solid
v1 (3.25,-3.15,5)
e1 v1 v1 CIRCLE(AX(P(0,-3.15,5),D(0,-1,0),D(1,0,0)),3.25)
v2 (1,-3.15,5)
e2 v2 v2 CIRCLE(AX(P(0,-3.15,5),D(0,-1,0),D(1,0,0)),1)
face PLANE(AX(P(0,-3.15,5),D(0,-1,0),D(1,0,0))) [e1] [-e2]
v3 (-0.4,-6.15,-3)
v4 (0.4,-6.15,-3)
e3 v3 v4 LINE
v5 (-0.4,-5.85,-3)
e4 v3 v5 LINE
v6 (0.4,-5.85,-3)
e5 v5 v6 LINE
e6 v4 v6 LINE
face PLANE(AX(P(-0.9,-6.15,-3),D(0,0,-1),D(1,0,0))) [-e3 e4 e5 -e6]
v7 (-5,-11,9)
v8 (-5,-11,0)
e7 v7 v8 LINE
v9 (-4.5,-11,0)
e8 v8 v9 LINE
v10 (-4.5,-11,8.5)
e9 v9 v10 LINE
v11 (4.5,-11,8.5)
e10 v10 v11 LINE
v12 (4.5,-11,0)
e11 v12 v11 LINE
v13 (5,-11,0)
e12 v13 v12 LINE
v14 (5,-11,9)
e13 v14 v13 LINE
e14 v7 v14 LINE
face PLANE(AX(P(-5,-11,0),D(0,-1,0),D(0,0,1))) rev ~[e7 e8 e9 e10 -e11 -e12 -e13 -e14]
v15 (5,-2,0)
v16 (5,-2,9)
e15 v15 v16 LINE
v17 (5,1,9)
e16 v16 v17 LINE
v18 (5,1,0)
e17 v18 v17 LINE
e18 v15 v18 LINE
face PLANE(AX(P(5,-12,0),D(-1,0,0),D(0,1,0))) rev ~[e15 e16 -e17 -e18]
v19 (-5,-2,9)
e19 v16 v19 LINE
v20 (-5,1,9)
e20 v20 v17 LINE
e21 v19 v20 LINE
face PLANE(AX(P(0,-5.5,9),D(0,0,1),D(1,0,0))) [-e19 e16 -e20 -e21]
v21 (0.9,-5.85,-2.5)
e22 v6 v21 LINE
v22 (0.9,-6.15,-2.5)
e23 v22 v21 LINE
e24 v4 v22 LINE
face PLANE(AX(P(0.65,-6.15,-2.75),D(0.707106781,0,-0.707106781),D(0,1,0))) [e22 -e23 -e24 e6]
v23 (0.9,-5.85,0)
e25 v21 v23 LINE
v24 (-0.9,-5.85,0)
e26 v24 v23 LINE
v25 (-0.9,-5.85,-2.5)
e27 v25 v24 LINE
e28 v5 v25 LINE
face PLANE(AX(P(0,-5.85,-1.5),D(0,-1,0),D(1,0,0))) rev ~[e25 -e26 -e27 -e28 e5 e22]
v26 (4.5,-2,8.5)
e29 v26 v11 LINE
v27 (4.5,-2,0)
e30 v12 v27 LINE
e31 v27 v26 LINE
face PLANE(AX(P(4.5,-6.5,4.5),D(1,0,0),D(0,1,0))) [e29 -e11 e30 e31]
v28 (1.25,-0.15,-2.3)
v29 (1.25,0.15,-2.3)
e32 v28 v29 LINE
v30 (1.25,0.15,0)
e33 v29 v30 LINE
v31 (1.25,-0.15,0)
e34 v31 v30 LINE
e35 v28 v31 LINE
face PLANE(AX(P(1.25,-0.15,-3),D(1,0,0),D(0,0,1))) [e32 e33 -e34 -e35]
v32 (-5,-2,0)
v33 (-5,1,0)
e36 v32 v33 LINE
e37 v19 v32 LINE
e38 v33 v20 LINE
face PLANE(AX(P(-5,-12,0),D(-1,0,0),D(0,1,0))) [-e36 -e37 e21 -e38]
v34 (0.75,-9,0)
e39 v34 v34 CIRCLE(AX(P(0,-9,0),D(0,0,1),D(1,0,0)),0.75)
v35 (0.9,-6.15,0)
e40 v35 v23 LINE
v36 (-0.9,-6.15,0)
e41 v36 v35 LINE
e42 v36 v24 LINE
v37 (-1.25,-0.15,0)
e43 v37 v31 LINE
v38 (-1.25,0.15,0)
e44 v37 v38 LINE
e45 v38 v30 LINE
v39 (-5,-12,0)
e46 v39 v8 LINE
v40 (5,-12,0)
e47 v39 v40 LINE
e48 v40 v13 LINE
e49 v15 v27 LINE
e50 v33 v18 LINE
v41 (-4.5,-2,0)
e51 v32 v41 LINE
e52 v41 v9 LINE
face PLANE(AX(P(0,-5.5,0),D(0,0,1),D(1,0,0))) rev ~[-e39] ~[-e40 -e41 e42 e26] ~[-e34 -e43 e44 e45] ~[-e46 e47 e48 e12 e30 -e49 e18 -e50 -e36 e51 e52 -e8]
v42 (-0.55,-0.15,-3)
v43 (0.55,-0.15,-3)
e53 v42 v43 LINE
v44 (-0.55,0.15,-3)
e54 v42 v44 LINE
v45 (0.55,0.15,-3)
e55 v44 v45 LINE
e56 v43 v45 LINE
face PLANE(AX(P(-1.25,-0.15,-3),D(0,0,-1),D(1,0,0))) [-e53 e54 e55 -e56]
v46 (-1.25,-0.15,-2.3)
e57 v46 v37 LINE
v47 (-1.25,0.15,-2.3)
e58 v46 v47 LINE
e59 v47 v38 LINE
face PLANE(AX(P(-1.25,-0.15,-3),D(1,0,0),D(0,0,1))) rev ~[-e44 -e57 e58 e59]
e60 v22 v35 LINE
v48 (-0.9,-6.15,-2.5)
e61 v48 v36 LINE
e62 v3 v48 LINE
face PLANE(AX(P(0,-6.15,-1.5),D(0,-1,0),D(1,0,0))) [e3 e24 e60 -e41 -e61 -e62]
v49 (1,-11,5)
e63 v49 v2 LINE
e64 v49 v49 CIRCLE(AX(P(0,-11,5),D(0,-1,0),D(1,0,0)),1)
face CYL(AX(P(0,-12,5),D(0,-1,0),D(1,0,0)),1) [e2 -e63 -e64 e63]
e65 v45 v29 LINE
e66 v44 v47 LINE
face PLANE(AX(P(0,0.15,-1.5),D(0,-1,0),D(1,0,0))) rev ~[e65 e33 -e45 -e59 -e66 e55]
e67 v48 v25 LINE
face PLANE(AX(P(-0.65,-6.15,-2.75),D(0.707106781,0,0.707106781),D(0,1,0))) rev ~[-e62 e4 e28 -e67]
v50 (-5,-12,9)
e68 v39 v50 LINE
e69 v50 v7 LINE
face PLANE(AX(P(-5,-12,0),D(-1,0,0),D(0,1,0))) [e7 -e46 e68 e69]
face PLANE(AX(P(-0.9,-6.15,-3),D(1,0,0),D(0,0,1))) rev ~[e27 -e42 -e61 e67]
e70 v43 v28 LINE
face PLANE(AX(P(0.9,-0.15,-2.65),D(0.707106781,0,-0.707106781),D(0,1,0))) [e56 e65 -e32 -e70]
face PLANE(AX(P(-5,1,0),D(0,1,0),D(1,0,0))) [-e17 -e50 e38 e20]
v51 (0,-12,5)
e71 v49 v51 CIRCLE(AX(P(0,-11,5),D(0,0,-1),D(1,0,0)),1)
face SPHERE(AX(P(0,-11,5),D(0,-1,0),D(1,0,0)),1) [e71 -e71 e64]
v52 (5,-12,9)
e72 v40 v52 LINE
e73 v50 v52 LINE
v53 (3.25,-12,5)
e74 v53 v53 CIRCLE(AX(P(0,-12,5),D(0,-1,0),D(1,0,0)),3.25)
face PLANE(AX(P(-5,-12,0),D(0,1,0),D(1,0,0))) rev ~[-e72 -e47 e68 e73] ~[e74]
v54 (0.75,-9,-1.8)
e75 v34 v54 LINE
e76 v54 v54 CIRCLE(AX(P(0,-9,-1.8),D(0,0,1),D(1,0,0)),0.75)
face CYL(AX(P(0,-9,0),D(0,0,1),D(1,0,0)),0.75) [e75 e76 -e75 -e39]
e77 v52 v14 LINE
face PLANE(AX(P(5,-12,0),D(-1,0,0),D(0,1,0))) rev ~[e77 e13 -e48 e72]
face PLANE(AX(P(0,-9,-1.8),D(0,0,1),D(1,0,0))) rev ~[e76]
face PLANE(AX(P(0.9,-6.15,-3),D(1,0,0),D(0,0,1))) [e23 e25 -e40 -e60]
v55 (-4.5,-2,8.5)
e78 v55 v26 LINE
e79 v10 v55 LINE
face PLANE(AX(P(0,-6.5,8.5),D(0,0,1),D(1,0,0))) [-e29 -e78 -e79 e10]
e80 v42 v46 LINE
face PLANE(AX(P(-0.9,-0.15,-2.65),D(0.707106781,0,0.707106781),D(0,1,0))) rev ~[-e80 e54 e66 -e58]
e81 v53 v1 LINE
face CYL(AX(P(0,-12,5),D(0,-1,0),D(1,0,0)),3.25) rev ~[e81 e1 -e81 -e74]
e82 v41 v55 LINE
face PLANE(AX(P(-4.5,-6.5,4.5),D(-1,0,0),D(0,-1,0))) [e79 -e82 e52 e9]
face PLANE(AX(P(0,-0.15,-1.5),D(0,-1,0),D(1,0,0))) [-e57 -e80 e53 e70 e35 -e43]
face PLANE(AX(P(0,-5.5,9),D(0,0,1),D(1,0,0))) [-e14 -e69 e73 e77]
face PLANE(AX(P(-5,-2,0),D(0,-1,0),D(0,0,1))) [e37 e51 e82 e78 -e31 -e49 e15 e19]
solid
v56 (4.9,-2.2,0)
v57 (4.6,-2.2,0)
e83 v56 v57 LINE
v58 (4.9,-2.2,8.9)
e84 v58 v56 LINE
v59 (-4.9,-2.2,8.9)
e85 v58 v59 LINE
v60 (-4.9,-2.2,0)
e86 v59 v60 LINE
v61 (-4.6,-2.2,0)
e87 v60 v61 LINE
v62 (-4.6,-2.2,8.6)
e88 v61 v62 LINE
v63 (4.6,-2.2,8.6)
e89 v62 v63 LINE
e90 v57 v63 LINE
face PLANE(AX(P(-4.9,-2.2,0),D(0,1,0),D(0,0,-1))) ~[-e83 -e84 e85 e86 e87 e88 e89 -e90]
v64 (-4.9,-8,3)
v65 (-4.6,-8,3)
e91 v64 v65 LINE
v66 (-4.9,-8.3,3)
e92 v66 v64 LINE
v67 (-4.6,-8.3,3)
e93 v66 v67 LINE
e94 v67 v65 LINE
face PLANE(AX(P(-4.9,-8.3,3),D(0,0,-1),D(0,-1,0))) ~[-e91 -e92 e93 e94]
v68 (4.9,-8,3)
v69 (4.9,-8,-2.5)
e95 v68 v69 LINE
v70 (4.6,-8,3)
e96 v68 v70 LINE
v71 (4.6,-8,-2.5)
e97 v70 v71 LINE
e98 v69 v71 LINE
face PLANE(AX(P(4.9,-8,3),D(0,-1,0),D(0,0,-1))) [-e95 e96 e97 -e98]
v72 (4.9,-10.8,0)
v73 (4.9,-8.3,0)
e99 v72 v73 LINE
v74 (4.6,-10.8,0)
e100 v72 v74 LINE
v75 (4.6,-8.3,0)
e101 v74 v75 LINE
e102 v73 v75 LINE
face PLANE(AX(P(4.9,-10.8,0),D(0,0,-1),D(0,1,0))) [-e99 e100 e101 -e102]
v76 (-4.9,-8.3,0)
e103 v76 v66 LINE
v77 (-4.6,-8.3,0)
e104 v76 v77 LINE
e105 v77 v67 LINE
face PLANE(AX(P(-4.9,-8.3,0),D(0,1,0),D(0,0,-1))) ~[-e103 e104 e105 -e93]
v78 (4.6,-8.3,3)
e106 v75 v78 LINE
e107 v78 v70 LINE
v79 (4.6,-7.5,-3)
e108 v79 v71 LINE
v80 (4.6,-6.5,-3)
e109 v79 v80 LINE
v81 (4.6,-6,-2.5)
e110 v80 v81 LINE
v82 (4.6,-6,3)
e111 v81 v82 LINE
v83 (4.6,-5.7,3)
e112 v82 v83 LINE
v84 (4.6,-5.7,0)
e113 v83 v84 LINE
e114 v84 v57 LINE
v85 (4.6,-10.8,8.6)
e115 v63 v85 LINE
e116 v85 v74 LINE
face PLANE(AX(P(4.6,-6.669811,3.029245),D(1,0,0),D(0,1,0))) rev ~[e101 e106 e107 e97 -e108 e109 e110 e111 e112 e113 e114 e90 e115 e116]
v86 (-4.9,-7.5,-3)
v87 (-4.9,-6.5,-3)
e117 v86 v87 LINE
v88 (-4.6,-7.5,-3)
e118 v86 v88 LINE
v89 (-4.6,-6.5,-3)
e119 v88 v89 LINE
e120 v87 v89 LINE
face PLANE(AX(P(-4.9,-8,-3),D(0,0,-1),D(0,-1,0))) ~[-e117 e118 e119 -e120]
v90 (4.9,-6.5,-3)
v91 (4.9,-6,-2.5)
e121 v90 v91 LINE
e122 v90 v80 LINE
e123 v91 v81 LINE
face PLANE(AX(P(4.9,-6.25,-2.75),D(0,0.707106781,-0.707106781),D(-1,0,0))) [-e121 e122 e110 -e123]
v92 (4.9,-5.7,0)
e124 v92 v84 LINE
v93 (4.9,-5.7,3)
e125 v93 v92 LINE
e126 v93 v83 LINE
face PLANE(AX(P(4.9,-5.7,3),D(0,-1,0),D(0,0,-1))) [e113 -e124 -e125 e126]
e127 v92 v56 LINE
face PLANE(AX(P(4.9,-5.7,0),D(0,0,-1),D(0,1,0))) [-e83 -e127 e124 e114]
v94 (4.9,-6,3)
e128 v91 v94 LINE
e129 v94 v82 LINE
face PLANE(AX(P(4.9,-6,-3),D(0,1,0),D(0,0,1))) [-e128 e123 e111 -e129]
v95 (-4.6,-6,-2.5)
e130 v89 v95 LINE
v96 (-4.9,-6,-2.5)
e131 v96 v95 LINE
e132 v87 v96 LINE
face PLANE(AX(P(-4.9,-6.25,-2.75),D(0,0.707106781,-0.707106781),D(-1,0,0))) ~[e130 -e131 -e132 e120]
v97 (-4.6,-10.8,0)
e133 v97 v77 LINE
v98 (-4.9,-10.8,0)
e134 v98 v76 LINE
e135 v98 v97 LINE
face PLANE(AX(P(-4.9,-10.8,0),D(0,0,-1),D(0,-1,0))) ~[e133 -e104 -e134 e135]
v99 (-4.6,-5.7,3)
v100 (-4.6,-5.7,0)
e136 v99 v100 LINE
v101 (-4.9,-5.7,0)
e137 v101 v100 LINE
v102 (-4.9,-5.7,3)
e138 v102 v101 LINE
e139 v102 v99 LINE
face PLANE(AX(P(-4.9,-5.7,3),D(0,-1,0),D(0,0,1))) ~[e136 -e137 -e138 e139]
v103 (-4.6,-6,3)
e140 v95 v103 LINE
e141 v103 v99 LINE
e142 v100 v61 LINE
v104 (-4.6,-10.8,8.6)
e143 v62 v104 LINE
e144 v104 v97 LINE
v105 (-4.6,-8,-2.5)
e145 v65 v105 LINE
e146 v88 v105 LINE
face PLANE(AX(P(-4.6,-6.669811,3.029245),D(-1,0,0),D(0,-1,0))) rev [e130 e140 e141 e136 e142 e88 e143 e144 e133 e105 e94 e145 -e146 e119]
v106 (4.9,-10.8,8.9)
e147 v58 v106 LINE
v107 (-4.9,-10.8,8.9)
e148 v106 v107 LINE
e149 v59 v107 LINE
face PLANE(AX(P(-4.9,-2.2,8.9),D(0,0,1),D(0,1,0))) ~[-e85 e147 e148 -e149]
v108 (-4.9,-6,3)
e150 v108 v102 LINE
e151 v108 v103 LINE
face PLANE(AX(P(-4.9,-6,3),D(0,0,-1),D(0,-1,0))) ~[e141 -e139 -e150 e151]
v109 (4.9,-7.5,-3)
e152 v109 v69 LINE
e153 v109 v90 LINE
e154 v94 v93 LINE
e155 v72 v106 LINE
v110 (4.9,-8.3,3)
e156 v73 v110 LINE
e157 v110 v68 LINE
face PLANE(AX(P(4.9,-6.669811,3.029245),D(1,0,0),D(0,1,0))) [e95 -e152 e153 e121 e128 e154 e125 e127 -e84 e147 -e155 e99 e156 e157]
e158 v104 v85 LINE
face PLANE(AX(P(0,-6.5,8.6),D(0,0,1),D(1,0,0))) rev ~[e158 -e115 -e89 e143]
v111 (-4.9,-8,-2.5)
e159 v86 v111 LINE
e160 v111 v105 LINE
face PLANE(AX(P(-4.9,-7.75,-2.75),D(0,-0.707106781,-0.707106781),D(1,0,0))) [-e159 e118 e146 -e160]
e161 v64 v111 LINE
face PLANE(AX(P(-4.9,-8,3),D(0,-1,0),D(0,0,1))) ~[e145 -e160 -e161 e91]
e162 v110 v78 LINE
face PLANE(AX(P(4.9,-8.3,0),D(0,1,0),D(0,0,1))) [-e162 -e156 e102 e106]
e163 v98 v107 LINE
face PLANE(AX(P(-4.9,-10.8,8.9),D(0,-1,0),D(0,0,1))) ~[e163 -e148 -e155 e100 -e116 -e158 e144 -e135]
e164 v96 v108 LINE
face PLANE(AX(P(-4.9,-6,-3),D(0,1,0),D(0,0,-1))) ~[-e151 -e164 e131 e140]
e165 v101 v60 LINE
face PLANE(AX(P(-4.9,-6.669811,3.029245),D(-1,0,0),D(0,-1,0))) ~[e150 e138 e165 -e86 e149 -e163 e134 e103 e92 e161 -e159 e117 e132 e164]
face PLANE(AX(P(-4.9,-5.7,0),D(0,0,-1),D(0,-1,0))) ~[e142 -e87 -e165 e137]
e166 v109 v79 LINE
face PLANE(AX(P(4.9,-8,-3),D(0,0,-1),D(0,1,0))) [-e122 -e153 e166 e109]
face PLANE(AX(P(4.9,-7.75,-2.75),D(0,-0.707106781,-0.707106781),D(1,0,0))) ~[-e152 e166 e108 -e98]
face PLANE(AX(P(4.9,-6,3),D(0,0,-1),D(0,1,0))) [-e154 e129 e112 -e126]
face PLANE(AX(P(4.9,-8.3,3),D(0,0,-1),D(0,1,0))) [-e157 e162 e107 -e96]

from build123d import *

# Parameters (mm, degrees)
SKETCH002_R     = 1
PAD001_DEPTH    = 8.85
FILLET_R        = 1
SKETCH003_W     = 2.5
SKETCH003_H     = 3
PAD002_DEPTH    = 0.3
CHAMFER_SIZE    = 0.7
CHAMFER001_SIZE = 0.7
SKETCH004_W     = 1.8
SKETCH004_H     = 3
PAD003_DEPTH    = 0.3
CHAMFER002_SIZE = 0.5
CHAMFER003_SIZE = 0.5
PAD004_DEPTH    = 0.3
CHAMFER004_SIZE = 0.5
CHAMFER005_SIZE = 0.5
SKETCH_W        = 10
SKETCH_H        = 13
PAD_DEPTH       = 9
SKETCH005_R     = 3.25
POCKET_DEPTH    = 8.85
SKETCH008_W     = 9
SKETCH008_H     = 9
POCKET001_DEPTH = 0.5
SKETCH009_W     = 9
SKETCH009_H     = 9
POCKET002_DEPTH = 0.5
SKETCH010_W     = 10
SKETCH010_H     = 9
POCKET003_DEPTH = 0.5
SKETCH011_W     = 9.8
SKETCH011_H     = 8.6
PAD006_DEPTH    = 0.3
SKETCH007_R     = 0.75
PAD005_DEPTH    = 1.8


with BuildPart() as centralpin:
    # Sketch002 → Pad001 (new body)
    with BuildSketch(Plane.XZ.offset(12)):
        with Locations((0, 5)):
            Circle(SKETCH002_R)
    extrude(amount=-PAD001_DEPTH)

    # Fillet
    fillet_edges = [centralpin.edges().sort_by_distance(p)[0] for p in [
        (-1, -12, 5),
    ]]
    fillet(fillet_edges, radius=FILLET_R)


with BuildPart() as pin1:
    # Sketch003 → Pad002 (new body)
    with BuildSketch(Plane.XZ.offset(0.15)):
        with Locations((0, -1.5)):
            Rectangle(SKETCH003_W, SKETCH003_H)
    extrude(amount=-PAD002_DEPTH)

    # Chamfer
    chamfer_edges = [pin1.edges().sort_by_distance(p)[0] for p in [
        (1.25, 0, -3),
    ]]
    chamfer(chamfer_edges, length=CHAMFER_SIZE)

    # Chamfer001
    chamfer001_edges = [pin1.edges().sort_by_distance(p)[0] for p in [
        (-1.25, 0, -3),
    ]]
    chamfer(chamfer001_edges, length=CHAMFER001_SIZE)


with BuildPart() as pin2:
    # Sketch004 → Pad003 (new body)
    with BuildSketch(Plane.XZ.offset(6.15)):
        with Locations((0, -1.5)):
            Rectangle(SKETCH004_W, SKETCH004_H)
    extrude(amount=-PAD003_DEPTH)

    # Chamfer002
    chamfer002_edges = [pin2.edges().sort_by_distance(p)[0] for p in [
        (0.9, -6, -3),
    ]]
    chamfer(chamfer002_edges, length=CHAMFER002_SIZE)

    # Chamfer003
    chamfer003_edges = [pin2.edges().sort_by_distance(p)[0] for p in [
        (-0.9, -6, -3),
    ]]
    chamfer(chamfer003_edges, length=CHAMFER003_SIZE)


with BuildPart() as pin3:
    # Sketch006 → Pad004 (new body)
    with BuildSketch(Plane.YZ.offset(4.9)):
        Polygon((-8, -3), (-6, -3), (-6, 0), (-6, 3), (-5.7, 3), (-5.7, 0), (-2.2, 0), (-2.2, 8.9), (-10.8, 8.9), (-10.8, 0), (-8.3, 0), (-8.3, 3), (-8, 3), (-8, 0), align=None)
    extrude(amount=-PAD004_DEPTH)

    # Chamfer004
    chamfer004_edges = [pin3.edges().sort_by_distance(p)[0] for p in [
        (4.75, -8, -3),
    ]]
    chamfer(chamfer004_edges, length=CHAMFER004_SIZE)

    # Chamfer005
    chamfer005_edges = [pin3.edges().sort_by_distance(p)[0] for p in [
        (4.75, -6, -3),
    ]]
    chamfer(chamfer005_edges, length=CHAMFER005_SIZE)


with BuildPart() as pins3:
    # Part__Mirroring: instance of Pin3
    add(pin3.part.mirror(Plane(origin=(0, -7, -1.5), x_dir=(0, -1, 0), z_dir=(1, 0, 0))))


with BuildPart() as body:
    # Sketch → Pad (new body)
    with BuildSketch(Plane.XY):
        with Locations((0, -5.5)):
            Rectangle(SKETCH_W, SKETCH_H)
    extrude(amount=PAD_DEPTH)

    # Sketch005 → Pocket (cut)
    with BuildSketch(Plane.XZ.offset(12)):
        with Locations((0, 5)):
            Circle(SKETCH005_R)
    extrude(amount=-POCKET_DEPTH, mode=Mode.SUBTRACT)

    # Sketch008 → Pocket001 (cut)
    with BuildSketch(Plane.YZ.offset(5)):
        with Locations((-6.5, 4.5)):
            Rectangle(SKETCH008_W, SKETCH008_H)
    extrude(amount=-POCKET001_DEPTH, mode=Mode.SUBTRACT)

    # Sketch009 → Pocket002 (cut)
    with BuildSketch(Plane(origin=(-5, 0, 0), x_dir=(0, -1, 0), z_dir=(-1, 0, 0))):
        with Locations((6.5, 4.5)):
            Rectangle(SKETCH009_W, SKETCH009_H)
    extrude(amount=-POCKET002_DEPTH, mode=Mode.SUBTRACT)

    # Sketch010 → Pocket003 (cut)
    with BuildSketch(Plane.XY.offset(9)):
        with Locations((0, -6.5)):
            Rectangle(SKETCH010_W, SKETCH010_H)
    extrude(amount=-POCKET003_DEPTH, mode=Mode.SUBTRACT)


with BuildPart() as shieldtop:
    # Sketch011 → Pad006 (new body)
    with BuildSketch(Plane.XY.offset(8.6)):
        with Locations((0, -6.5)):
            Rectangle(SKETCH011_W, SKETCH011_H)
    extrude(amount=PAD006_DEPTH)


with BuildPart() as barreljack_cui_pj_063ah_horizontal:
    # Sketch007 → Pad005 (new body)
    with BuildSketch(Plane.XY):
        with Locations((0, -9)):
            Circle(SKETCH007_R)
    extrude(amount=-PAD005_DEPTH)

    # Fusion: union CentralPin, Pin1, Pin2, Pins3, Pin3, Body, ShieldTop
    add(centralpin.part)
    add(pin1.part)
    add(pin2.part)
    add(pins3.part)
    add(pin3.part)
    add(body.part)
    add(shieldtop.part)


solid = barreljack_cui_pj_063ah_horizontal.part
